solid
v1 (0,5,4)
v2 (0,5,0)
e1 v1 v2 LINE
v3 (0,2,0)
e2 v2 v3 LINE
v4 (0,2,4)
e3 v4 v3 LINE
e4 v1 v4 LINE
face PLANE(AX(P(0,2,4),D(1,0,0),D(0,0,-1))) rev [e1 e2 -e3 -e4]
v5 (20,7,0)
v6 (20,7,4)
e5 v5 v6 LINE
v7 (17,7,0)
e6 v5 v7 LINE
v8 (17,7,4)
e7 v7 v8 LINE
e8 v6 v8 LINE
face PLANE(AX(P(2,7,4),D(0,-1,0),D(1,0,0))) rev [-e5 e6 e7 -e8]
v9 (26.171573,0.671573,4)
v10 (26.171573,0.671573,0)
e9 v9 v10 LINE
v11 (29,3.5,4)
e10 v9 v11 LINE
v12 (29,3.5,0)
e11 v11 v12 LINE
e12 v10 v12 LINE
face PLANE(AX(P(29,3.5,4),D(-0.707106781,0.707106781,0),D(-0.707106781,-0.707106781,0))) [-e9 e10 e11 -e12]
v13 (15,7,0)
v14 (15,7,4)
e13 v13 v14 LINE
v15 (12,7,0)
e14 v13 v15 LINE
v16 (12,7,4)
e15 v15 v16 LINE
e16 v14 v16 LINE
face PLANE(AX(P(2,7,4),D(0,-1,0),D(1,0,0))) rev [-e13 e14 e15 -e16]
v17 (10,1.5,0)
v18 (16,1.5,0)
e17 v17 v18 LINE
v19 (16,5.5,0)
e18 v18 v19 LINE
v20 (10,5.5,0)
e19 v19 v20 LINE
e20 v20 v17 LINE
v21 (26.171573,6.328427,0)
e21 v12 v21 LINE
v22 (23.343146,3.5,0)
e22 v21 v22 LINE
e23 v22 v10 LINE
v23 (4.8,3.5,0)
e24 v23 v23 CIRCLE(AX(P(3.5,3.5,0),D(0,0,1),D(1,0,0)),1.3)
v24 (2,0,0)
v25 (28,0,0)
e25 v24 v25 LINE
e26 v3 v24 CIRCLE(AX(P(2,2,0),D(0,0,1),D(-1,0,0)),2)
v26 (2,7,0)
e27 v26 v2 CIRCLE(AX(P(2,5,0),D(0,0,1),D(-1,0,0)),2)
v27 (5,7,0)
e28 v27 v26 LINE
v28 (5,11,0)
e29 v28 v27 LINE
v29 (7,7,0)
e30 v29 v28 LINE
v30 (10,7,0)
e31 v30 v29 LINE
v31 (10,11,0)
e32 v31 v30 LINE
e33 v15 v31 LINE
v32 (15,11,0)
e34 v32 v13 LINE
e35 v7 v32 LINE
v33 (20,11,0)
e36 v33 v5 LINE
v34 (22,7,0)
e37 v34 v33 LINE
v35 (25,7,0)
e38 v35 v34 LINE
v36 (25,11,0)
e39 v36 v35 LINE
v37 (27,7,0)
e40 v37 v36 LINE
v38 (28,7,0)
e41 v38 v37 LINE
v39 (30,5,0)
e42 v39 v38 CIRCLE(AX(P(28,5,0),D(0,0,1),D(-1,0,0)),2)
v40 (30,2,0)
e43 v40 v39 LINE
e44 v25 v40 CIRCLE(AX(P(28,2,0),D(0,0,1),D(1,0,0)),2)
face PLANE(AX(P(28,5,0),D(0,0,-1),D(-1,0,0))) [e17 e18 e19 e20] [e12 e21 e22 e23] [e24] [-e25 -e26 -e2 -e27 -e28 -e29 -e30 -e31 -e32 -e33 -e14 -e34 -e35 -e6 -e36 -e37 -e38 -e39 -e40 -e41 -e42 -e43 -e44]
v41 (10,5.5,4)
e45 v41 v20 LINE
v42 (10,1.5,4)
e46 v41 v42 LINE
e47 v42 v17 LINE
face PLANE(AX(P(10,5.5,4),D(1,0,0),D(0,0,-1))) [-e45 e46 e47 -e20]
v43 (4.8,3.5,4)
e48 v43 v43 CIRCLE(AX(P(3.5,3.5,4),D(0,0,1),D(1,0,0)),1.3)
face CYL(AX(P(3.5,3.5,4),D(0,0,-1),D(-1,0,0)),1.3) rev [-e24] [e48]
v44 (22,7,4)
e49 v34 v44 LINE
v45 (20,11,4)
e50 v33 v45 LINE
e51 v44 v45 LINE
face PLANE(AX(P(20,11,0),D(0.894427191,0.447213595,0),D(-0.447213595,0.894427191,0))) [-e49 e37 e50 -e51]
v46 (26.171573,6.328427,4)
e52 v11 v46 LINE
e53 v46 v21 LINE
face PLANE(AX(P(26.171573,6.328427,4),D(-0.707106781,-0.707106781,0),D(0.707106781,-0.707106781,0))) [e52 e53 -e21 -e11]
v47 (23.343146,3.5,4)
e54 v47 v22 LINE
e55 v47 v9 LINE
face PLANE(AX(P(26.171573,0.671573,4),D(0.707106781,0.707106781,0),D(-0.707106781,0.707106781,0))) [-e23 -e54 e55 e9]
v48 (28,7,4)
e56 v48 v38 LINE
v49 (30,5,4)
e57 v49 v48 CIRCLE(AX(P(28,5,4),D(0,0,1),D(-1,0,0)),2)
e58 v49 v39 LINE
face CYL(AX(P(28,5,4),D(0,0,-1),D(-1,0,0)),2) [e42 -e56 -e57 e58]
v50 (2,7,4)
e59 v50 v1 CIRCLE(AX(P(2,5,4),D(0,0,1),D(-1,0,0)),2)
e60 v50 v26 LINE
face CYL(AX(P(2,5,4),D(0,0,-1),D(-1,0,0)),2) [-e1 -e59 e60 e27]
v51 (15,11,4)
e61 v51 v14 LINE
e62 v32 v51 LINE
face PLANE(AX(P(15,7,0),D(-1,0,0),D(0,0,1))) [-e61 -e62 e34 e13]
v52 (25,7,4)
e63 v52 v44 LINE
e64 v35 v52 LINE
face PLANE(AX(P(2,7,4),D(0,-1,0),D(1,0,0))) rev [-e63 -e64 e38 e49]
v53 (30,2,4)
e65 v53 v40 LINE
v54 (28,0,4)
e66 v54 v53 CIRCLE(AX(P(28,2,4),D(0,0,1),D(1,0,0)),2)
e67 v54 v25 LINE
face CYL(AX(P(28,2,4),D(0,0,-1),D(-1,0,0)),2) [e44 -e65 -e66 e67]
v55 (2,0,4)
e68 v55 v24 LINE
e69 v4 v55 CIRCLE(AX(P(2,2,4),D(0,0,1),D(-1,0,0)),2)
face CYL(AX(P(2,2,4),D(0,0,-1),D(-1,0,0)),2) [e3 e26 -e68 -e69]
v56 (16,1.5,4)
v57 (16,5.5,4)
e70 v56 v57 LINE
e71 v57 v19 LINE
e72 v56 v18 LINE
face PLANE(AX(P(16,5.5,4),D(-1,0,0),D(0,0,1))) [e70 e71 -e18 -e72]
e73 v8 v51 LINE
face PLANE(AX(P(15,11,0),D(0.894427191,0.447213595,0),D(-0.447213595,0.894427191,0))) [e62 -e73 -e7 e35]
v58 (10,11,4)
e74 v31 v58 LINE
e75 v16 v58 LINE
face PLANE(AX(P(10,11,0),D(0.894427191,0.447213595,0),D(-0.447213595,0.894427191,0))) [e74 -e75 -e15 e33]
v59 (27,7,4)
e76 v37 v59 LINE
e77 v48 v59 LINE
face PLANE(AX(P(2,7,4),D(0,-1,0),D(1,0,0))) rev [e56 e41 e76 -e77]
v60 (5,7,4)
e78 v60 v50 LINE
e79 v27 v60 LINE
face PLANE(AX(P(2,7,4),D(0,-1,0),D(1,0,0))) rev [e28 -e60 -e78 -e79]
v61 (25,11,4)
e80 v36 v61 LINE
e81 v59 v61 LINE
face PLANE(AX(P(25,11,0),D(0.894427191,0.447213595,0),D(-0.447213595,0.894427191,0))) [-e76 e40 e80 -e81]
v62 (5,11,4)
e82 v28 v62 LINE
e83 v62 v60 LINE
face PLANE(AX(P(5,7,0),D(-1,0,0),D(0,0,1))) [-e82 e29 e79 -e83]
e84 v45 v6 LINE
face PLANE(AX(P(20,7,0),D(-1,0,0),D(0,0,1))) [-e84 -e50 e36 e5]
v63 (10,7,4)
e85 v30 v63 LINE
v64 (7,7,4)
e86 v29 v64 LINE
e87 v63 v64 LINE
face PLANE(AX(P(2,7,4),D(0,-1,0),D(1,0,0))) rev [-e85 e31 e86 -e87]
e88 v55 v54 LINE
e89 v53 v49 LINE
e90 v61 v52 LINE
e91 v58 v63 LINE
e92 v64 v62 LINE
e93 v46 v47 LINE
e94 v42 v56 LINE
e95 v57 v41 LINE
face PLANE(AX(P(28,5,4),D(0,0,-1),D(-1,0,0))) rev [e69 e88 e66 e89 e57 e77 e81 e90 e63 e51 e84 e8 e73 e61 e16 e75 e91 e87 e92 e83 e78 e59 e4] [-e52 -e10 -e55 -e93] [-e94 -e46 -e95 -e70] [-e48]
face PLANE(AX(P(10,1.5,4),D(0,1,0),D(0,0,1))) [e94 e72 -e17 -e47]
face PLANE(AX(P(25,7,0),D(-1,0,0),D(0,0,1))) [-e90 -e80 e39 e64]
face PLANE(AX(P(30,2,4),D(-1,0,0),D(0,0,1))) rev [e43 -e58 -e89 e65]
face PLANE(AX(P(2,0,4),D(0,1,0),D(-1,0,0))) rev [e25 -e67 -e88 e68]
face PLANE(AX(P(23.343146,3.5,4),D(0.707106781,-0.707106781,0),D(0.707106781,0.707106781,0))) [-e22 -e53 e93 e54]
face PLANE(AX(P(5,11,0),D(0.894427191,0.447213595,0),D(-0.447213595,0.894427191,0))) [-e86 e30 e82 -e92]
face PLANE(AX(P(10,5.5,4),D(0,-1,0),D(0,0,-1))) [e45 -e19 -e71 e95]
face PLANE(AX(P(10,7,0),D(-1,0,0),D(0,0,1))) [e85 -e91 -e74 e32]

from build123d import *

# Parameters (mm, degrees)
SKETCH_1_R      = 1.3
SKETCH_1_W      = 6
SKETCH_1_H      = 4
EXTRUDE_1_DEPTH = 4
EXTRUDE_2_DEPTH = 4


with BuildPart() as part:
    # Эскиз1 → Бобышка-Вытянуть1 (new body)
    with BuildSketch(Plane.XY):
        with BuildLine():
            Line((2, 0), (28, 0))
            ThreePointArc((28, 0), (29.414213562, 0.585786438), (30, 2))
            Line((30, 2), (30, 5))
            ThreePointArc((30, 5), (29.414213562, 6.414213562), (28, 7))
            Line((28, 7), (2, 7))
            ThreePointArc((2, 7), (0.585786438, 6.414213562), (0, 5))
            Line((0, 5), (0, 2))
            ThreePointArc((0, 2), (0.585786438, 0.585786438), (2, 0))
        make_face()
        with Locations((3.5, 3.5)):
            Circle(SKETCH_1_R, mode=Mode.SUBTRACT)
        Polygon((23.343145751, 3.5), (26.171572875, 6.328427125), (29, 3.5), (26.171572875, 0.671572875), align=None, mode=Mode.SUBTRACT)
        with Locations((13, 3.5)):
            Rectangle(SKETCH_1_W, SKETCH_1_H, mode=Mode.SUBTRACT)
    extrude(amount=EXTRUDE_1_DEPTH)

    # Эскиз2 → Бобышка-Вытянуть2 (add)
    with BuildSketch(Plane.XY.offset(4)):
        Polygon((5, 7), (5, 11), (7, 7), align=None)
        Polygon((10, 7), (10, 11), (12, 7), align=None)
        Polygon((15, 7), (15, 11), (17, 7), align=None)
        Polygon((20, 7), (20, 11), (22, 7), align=None)
        Polygon((25, 7), (25, 11), (27, 7), align=None)
    extrude(amount=-EXTRUDE_2_DEPTH)


solid = part.part
